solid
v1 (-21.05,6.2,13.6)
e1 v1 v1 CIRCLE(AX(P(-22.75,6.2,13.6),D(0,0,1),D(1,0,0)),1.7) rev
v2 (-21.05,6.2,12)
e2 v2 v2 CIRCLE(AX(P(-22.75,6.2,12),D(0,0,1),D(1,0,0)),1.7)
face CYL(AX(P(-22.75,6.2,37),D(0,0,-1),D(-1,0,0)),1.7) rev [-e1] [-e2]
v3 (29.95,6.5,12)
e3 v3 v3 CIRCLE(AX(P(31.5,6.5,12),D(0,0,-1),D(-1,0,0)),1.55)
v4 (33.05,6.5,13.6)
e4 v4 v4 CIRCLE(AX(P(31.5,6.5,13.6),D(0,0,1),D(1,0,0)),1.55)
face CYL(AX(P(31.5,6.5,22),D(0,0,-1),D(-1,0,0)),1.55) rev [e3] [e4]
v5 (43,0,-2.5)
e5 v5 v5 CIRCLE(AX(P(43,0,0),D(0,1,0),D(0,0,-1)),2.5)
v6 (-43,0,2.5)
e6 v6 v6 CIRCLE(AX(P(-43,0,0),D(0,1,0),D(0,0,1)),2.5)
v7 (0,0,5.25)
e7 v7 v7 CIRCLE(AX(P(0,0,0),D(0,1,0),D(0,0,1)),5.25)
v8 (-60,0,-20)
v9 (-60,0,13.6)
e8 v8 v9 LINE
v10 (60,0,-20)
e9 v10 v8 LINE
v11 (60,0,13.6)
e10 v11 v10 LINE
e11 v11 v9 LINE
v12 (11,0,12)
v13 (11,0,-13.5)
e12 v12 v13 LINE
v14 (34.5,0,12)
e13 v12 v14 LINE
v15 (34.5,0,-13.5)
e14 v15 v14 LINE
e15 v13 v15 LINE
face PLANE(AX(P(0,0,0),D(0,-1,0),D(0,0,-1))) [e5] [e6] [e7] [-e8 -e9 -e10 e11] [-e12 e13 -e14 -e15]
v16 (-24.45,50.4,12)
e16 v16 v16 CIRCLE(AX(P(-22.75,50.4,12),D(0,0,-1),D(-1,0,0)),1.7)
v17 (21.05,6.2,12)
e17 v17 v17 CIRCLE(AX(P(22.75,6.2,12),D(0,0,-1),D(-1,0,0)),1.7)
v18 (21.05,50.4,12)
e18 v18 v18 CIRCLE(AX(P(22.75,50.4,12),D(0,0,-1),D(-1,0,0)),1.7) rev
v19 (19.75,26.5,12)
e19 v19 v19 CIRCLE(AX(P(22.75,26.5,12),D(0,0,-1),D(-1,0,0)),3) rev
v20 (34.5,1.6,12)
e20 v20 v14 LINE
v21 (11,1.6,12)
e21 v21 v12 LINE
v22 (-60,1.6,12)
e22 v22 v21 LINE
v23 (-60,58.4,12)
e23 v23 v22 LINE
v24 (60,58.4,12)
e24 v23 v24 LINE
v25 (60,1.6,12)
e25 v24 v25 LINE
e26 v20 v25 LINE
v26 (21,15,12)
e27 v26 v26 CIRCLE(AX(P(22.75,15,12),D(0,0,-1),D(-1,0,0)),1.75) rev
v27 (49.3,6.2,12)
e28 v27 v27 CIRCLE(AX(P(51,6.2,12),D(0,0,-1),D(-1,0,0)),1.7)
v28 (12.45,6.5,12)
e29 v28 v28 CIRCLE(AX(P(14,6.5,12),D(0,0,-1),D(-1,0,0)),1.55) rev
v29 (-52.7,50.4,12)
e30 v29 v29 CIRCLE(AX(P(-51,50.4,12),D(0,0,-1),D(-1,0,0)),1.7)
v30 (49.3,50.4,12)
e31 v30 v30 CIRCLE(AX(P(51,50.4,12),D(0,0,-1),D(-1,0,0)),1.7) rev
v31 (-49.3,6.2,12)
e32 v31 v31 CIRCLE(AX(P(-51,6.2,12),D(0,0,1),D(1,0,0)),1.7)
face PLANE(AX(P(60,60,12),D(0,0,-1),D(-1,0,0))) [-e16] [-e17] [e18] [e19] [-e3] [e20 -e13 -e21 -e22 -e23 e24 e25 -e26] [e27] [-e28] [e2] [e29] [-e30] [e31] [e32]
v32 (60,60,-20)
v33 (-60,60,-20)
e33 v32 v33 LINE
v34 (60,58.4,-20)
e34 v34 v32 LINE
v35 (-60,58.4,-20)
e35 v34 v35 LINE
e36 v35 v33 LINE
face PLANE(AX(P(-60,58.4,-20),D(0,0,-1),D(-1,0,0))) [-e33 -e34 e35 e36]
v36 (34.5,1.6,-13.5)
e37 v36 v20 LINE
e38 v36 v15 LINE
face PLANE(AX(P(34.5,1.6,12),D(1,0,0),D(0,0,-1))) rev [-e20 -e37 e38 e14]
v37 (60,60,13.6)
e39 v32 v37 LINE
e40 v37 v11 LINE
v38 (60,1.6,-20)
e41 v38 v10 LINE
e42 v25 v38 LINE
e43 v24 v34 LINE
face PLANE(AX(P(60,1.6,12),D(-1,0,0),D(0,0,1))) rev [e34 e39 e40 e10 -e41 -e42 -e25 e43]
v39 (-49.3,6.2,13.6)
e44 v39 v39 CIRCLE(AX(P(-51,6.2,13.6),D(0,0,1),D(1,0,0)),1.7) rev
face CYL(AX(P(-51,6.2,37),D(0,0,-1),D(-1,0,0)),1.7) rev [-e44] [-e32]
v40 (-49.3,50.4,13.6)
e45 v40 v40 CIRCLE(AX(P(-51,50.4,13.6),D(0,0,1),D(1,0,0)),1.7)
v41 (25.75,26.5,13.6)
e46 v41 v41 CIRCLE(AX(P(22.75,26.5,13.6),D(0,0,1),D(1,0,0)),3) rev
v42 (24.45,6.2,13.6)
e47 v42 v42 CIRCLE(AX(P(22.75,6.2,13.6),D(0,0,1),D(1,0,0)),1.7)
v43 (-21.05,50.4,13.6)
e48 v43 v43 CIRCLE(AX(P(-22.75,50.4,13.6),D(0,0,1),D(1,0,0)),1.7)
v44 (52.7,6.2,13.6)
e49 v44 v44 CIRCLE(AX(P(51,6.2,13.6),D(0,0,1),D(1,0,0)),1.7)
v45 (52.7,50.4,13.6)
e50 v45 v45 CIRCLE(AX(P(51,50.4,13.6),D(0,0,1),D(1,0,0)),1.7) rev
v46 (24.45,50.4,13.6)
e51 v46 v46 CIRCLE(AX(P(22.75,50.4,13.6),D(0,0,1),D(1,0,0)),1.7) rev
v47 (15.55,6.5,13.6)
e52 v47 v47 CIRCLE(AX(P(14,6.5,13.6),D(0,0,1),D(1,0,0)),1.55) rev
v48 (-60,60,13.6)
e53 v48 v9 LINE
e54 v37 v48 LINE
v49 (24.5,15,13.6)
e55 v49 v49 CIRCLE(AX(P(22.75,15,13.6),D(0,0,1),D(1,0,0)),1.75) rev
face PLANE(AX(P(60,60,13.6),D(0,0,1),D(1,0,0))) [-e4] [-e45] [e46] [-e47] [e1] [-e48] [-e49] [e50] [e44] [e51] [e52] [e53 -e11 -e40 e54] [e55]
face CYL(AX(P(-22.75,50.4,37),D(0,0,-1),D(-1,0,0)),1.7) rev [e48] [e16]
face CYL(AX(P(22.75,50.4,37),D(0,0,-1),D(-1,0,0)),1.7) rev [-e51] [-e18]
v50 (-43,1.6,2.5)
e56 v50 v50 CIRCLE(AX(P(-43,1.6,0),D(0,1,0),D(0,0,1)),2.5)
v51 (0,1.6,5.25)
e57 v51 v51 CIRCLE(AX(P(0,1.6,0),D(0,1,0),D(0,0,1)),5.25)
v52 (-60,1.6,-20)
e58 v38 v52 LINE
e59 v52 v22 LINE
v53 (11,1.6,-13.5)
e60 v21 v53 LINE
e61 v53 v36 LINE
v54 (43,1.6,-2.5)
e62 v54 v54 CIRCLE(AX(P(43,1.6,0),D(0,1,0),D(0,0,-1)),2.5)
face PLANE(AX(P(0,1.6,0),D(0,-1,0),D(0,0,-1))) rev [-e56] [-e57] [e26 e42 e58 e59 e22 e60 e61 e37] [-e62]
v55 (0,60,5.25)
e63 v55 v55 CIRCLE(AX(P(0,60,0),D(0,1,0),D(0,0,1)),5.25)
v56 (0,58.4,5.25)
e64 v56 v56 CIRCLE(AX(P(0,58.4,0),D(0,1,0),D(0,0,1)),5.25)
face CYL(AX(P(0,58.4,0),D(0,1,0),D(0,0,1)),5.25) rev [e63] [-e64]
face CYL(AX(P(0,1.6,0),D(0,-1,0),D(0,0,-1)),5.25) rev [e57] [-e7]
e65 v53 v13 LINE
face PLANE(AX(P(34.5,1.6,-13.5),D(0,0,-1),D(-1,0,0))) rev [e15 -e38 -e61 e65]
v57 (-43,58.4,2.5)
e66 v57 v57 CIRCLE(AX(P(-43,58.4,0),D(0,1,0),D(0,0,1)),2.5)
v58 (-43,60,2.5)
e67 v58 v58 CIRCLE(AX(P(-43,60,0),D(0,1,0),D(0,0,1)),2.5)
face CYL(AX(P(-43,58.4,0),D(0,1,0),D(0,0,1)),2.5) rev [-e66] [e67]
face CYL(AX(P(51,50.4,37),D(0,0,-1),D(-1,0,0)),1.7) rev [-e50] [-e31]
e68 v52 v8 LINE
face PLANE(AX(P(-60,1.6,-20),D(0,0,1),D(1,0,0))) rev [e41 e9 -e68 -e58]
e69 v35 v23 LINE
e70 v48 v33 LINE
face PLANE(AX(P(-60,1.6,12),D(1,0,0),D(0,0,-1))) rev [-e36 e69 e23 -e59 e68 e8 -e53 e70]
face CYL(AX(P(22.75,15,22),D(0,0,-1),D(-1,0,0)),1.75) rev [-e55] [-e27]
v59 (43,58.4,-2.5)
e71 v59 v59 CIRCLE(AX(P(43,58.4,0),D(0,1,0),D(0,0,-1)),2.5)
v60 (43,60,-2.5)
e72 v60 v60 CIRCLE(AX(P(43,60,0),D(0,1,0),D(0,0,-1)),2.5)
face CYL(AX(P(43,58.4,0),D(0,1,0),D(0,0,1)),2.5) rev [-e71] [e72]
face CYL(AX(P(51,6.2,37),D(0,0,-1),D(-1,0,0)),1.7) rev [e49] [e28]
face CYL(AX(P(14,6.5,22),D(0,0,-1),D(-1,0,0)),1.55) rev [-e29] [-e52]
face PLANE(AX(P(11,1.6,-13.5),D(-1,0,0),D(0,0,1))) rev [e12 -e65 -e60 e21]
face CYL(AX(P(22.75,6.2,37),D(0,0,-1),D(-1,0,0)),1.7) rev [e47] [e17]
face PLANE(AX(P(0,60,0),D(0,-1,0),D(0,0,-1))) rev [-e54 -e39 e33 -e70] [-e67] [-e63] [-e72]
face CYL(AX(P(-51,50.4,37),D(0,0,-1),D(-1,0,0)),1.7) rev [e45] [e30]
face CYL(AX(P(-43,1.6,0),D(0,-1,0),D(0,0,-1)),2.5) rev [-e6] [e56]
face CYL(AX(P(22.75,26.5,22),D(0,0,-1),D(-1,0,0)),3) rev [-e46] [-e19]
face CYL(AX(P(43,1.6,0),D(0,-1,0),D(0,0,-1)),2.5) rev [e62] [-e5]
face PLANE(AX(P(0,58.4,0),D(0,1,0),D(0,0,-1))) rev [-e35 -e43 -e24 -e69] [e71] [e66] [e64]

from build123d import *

# Parameters (mm, degrees)
SKETCH1_R           = 5.25
SKETCH1_R_2         = 2.5
BOSS_EXTRUDE1_DEPTH = 1.6
SKETCH3_W           = 120
SKETCH3_H           = 1.6
BOSS_EXTRUDE3_DEPTH = 60
SKETCH4_R           = 3
SKETCH4_R_2         = 1.55
SKETCH4_R_3         = 1.75
CUT_EXTRUDE1_DEPTH  = 10
SKETCH6_R           = 1.7
CUT_EXTRUDE2_DEPTH  = 25
SKETCH7_W           = 25.5
SKETCH7_H           = 1.6
BOSS_EXTRUDE4_DEPTH = 25


with BuildPart() as part:
    # Sketch1 → Boss-Extrude1 (new body)
    with BuildSketch(Plane(origin=(0, 0, 0), x_dir=(1, 0, 0), z_dir=(0, 1, 0))):
        Polygon((34.5, -12), (34.5, 13.5), (11, 13.5), (11, -12), (-60, -12), (-60, 20), (60, 20), (60, -12), align=None)
        with Locations(Location((0, 0, 0), (0, 0, 270))):
            Circle(SKETCH1_R, mode=Mode.SUBTRACT)
        with Locations(Location((-43, 0, 0), (0, 0, 270))):
            Circle(SKETCH1_R_2, mode=Mode.SUBTRACT)
        with Locations(Location((43, 0, 0), (0, 0, 90))):
            Circle(SKETCH1_R_2, mode=Mode.SUBTRACT)
    boss_extrude1 = extrude(amount=BOSS_EXTRUDE1_DEPTH)

    # Sketch3 → Boss-Extrude3 (add)
    with BuildSketch(Plane.XZ):
        with Locations((0, 12.8)):
            Rectangle(SKETCH3_W, SKETCH3_H)
    extrude(amount=-BOSS_EXTRUDE3_DEPTH)

    # Mirror1: Boss-Extrude1 across plane
    add(boss_extrude1.mirror(Plane.ZX.offset(30)))

    # Sketch4 → Cut-Extrude1 (cut)
    with BuildSketch(Plane.XY.offset(12)):
        with Locations(Location((22.75, 26.5, 0), (0, 0, 180))):
            Circle(SKETCH4_R)
        with Locations(Location((31.5, 6.5, 0), (0, 0, 180))):
            Circle(SKETCH4_R_2)
        with Locations(Location((14, 6.5, 0), (0, 0, 180))):
            Circle(SKETCH4_R_2)
        with Locations(Location((22.75, 15, 0), (0, 0, 180))):
            Circle(SKETCH4_R_3)
    extrude(amount=CUT_EXTRUDE1_DEPTH, mode=Mode.SUBTRACT)

    # Sketch6 → Cut-Extrude2 (cut)
    with BuildSketch(Plane(origin=(124.244525073, 40.7, 12), x_dir=(1, 0, 0), z_dir=(0, 0, 1))):
        with Locations(Location((-175.244525073, 9.7, 0), (0, 0, 180))):
            Circle(SKETCH6_R)
        with Locations(Location((-146.994525073, 9.7, 0), (0, 0, 180))):
            Circle(SKETCH6_R)
        with Locations(Location((-101.494525073, 9.7, 0), (0, 0, 180))):
            Circle(SKETCH6_R)
        with Locations(Location((-73.244525073, 9.7, 0), (0, 0, 180))):
            Circle(SKETCH6_R)
        with Locations((-175.244525073, -34.5)):
            Circle(SKETCH6_R)
        with Locations((-146.994525073, -34.5)):
            Circle(SKETCH6_R)
        with Locations(Location((-101.494525073, -34.5, 0), (0, 0, 180))):
            Circle(SKETCH6_R)
        with Locations(Location((-73.244525073, -34.5, 0), (0, 0, 180))):
            Circle(SKETCH6_R)
    extrude(amount=CUT_EXTRUDE2_DEPTH, mode=Mode.SUBTRACT)

    # Sketch7 → Boss-Extrude4 (add)
    with BuildSketch(Plane.ZY.offset(-34.5)):
        with Locations((-0.75, 59.2)):
            Rectangle(SKETCH7_W, SKETCH7_H)
    extrude(amount=BOSS_EXTRUDE4_DEPTH)


solid = part.part
